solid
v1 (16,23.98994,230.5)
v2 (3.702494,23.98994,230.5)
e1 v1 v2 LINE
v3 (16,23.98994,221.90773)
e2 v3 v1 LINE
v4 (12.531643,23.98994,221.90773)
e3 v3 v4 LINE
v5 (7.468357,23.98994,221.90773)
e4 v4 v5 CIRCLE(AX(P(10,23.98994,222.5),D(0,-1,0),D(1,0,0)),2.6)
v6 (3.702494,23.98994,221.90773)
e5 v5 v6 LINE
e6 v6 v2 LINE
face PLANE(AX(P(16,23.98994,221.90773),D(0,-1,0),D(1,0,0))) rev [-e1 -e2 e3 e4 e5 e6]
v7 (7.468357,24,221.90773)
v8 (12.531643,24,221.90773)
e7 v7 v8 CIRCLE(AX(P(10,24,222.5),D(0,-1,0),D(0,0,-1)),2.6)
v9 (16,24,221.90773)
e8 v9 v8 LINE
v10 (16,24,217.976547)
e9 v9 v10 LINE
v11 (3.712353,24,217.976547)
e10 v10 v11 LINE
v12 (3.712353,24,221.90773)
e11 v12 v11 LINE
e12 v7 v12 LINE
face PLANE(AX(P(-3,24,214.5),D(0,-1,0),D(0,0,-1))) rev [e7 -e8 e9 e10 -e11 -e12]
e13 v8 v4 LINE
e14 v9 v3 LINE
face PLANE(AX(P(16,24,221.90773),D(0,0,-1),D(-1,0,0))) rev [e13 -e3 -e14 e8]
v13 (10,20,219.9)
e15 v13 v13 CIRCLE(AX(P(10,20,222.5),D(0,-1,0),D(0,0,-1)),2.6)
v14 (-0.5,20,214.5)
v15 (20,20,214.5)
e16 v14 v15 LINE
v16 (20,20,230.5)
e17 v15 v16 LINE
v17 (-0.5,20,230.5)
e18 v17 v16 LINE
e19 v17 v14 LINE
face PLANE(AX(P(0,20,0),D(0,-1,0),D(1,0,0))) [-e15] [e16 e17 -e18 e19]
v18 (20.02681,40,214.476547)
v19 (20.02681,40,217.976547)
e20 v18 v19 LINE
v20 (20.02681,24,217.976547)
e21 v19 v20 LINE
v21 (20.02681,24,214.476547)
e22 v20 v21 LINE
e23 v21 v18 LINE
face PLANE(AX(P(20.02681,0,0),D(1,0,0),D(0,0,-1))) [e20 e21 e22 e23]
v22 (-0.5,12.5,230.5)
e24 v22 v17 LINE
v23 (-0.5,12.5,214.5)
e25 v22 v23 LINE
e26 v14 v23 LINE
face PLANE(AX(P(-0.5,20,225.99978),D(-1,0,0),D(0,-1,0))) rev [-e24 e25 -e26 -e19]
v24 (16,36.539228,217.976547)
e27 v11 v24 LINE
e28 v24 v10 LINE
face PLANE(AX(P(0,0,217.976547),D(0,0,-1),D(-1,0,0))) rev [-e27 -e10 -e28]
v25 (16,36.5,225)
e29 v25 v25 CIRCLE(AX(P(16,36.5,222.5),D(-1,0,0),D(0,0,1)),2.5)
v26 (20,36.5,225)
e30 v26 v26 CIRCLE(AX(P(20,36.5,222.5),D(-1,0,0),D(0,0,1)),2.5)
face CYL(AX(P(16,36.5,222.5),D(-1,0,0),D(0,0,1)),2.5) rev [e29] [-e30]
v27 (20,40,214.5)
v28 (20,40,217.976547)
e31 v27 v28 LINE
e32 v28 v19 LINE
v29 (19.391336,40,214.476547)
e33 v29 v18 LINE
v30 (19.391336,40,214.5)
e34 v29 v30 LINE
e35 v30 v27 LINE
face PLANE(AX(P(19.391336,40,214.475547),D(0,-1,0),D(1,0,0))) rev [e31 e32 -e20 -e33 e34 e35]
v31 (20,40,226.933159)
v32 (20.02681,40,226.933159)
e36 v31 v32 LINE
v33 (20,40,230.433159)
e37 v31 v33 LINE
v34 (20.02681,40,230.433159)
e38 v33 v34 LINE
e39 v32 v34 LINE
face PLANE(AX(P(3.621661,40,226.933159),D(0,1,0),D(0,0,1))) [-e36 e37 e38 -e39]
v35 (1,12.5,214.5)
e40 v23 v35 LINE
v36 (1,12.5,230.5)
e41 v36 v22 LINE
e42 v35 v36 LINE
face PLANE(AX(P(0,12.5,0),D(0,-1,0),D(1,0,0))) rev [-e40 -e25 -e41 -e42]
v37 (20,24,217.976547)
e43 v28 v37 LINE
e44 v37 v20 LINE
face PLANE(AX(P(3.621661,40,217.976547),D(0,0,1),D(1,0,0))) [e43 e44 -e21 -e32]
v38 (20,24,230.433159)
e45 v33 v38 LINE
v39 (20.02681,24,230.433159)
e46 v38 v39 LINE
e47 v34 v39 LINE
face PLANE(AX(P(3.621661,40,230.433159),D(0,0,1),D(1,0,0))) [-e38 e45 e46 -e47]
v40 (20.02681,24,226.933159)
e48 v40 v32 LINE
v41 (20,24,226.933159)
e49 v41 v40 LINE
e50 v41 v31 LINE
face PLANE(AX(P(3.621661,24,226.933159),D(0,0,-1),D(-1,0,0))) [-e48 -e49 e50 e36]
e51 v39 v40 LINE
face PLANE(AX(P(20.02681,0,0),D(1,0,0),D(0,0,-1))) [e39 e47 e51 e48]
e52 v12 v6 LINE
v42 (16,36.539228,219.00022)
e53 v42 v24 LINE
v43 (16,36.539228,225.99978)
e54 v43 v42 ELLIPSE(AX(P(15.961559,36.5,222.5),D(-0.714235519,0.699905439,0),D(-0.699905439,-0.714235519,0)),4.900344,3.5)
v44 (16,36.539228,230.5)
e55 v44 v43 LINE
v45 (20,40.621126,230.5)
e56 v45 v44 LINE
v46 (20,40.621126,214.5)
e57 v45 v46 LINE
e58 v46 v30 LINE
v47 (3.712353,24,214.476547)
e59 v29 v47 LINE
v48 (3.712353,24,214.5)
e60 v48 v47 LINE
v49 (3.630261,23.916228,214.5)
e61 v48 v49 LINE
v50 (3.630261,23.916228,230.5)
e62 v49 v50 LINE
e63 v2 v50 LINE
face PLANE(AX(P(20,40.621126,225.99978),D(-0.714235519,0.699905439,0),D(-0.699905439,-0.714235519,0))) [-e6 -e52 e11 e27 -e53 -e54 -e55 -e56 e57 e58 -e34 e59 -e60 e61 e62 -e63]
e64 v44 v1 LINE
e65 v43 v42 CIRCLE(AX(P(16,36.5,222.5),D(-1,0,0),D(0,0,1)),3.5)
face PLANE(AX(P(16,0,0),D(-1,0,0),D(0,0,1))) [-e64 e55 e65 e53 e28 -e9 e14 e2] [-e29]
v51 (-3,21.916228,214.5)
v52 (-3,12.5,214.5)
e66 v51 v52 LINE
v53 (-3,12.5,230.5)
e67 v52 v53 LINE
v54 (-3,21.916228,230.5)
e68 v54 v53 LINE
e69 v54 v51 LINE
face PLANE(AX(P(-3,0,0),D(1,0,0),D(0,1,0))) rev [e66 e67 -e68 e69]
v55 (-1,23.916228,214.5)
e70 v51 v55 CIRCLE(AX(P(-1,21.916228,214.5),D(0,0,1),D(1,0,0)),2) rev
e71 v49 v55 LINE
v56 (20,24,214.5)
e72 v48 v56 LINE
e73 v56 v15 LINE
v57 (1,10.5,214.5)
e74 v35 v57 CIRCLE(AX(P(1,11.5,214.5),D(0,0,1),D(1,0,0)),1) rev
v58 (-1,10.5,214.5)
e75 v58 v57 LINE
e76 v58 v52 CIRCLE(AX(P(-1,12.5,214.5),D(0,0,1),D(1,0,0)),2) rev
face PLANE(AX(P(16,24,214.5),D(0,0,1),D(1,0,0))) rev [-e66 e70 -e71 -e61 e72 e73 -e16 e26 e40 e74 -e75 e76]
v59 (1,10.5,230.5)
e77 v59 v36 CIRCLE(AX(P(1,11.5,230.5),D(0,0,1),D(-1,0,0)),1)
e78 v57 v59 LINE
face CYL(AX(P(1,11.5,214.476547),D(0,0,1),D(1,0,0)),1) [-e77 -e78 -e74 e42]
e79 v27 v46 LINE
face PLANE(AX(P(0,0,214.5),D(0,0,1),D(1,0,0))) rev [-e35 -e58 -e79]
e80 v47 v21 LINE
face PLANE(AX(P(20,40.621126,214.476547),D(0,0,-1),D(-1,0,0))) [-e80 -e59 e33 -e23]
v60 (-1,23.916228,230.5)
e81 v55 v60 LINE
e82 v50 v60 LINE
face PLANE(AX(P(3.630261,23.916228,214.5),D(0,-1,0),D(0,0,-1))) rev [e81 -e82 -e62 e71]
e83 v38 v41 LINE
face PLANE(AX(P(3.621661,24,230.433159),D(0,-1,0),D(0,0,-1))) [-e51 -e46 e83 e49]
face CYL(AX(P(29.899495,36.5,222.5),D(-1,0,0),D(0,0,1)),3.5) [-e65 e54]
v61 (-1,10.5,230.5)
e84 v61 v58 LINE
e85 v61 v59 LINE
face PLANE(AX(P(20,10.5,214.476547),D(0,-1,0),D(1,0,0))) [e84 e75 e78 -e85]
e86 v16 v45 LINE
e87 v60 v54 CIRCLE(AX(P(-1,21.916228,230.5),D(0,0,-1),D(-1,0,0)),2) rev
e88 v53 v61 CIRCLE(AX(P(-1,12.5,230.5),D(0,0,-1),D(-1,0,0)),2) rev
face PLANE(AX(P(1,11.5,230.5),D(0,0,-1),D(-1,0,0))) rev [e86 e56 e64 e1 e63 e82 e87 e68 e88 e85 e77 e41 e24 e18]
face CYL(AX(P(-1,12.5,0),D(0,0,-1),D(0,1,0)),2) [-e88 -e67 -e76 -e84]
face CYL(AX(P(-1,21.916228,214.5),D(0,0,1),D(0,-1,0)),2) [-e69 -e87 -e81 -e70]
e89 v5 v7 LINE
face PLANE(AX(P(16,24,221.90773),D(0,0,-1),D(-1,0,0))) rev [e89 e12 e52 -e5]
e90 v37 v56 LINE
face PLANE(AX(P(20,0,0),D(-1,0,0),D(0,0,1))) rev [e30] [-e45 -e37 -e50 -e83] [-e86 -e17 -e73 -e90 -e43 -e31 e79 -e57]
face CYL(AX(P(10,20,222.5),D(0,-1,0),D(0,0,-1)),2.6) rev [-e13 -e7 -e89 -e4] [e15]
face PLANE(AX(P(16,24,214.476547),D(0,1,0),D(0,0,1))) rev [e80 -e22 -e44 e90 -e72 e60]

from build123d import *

# Parameters (mm, degrees)
SKETCH1_W                      = 30.121125575
SKETCH1_H                      = 11.523232915
BOSS_EXTRUDE1_DEPTH            = 4
SKETCH2_W                      = 0.023452759
SKETCH2_H                      = 13.5
CUT_EXTRUDE1_DEPTH             = 4
SKETCH3_W                      = 11.499780156
SKETCH3_H                      = 13.5
BOSS_EXTRUDE2_DEPTH            = 19
CUT_EXTRUDE2_DEPTH             = 47.721095233
DRAFT1_ANGLE                   = -45.58058215
SKETCH5_W                      = 11.499780156
SKETCH5_H                      = 0.083772182
CUT_EXTRUDE3_DEPTH             = 6.630261323
SKETCH6_W                      = 20.5
SKETCH6_H                      = 11.499780156
CUT_EXTRUDE4_DEPTH             = 7.5
BOSS_EXTRUDE3_START            = 4.500219844
BOSS_EXTRUDE3_DEPTH            = 4.500219844
SKETCH8_W                      = 8.592269897
SKETCH8_H                      = 0.01006031
CUT_EXTRUDE5_DEPTH             = 12.369738677
DRAFT2_ANGLE                   = 44.41941785
FILLET1_R                      = 2
CUT_EXTRUDE6_REACH             = 50.022
SKETCH10_W                     = 3.5
SKETCH10_H                     = 16
BOSS_EXTRUDE4_DEPTH            = 0.02681
SKETCH11_W                     = 3.5
SKETCH11_H                     = 16
BOSS_EXTRUDE5_DEPTH            = 0.02681
BOSS_EXTRUDE6_DEPTH            = 3.5
F_5_2_5_2_DIAMETER_HOLE1_D     = 5.2
F_5_2_5_2_DIAMETER_HOLE1_DEPTH = 20.621150575
F_5_0_5_DIAMETER_HOLE1_D       = 5
F_5_0_5_DIAMETER_HOLE1_DEPTH   = 4.026810169
BOSS_EXTRUDE7_START            = -4
SKETCH17_R                     = 3.5
SKETCH17_R_2                   = 2.5
BOSS_EXTRUDE7_DEPTH            = 4


with BuildPart() as part:
    # Sketch1 → Boss-Extrude1 (new body)
    with BuildSketch(Plane(origin=(16, 0, 0), x_dir=(0, -1, 0), z_dir=(-1, 0, 0))):
        with Locations((-25.560562788, 220.238163699)):
            Rectangle(SKETCH1_W, SKETCH1_H)
    extrude(amount=-BOSS_EXTRUDE1_DEPTH)

    # Sketch2 → Cut-Extrude1 (cut)
    with BuildSketch(Plane(origin=(20, 0, 0), x_dir=(0, 0, -1), z_dir=(1, 0, 0))):
        with Locations((-214.488273621, 17.25)):
            Rectangle(SKETCH2_W, SKETCH2_H)
    extrude(amount=-CUT_EXTRUDE1_DEPTH, mode=Mode.SUBTRACT)

    # Sketch3 → Boss-Extrude2 (add)
    with BuildSketch(Plane.ZY.offset(-16)):
        with Locations((220.249890078, 17.25)):
            Rectangle(SKETCH3_W, SKETCH3_H)
    extrude(amount=BOSS_EXTRUDE2_DEPTH)

    # Sketch4 → Cut-Extrude2 (cut, through all)
    with BuildSketch(Plane.XY.offset(225.999780156)):
        with BuildLine():
            Line((1, 10.5), (20, 10.5))
            Line((20, 10.5), (20, 12.5))
            Line((20, 12.5), (1, 12.5))
            ThreePointArc((1, 12.5), (2, 11.5), (1, 10.5))
        make_face()
    extrude(amount=-CUT_EXTRUDE2_DEPTH, mode=Mode.SUBTRACT)

    # Draft1
    draft1_faces = [part.faces().sort_by_distance(p)[0] for p in [
        (18, 40.621125575, 220.238163698),
    ]]
    draft(draft1_faces, Plane(origin=(20, 0, 0), x_dir=(0, 0, 1), z_dir=(1, 0, 0)), DRAFT1_ANGLE)

    # Sketch5 → Cut-Extrude3 (cut)
    with BuildSketch(Plane.ZY.offset(3)):
        with Locations((220.249890078, 23.958113909)):
            Rectangle(SKETCH5_W, SKETCH5_H)
    extrude(amount=-CUT_EXTRUDE3_DEPTH, mode=Mode.SUBTRACT)

    # Sketch6 → Cut-Extrude4 (cut)
    with BuildSketch(Plane.XZ.offset(-12.5)):
        with Locations((9.75, 220.249890078)):
            Rectangle(SKETCH6_W, SKETCH6_H)
    extrude(amount=-CUT_EXTRUDE4_DEPTH, mode=Mode.SUBTRACT)

    # Sketch7 → Boss-Extrude3 (add)
    with BuildSketch(Plane.XY.offset(225.999780156).offset(BOSS_EXTRUDE3_START)):
        with BuildLine():
            Line((-3, 10.5), (-3, 23.916227818))
            Line((-3, 23.916227818), (3.630261323, 23.916227818))
            Line((3.630261323, 23.916227818), (3.630261323, 24))
            Line((3.630261323, 24), (16, 24))
            Line((16, 24), (16, 36.539228341))
            Line((16, 36.539228341), (20, 40.621125575))
            Line((20, 40.621125575), (20, 20))
            Line((20, 20), (-0.5, 20))
            Line((-0.5, 20), (-0.5, 12.5))
            Line((-0.5, 12.5), (1, 12.5))
            ThreePointArc((1, 12.5), (2, 11.5), (1, 10.5))
            Line((1, 10.5), (-3, 10.5))
        make_face()
    extrude(amount=-BOSS_EXTRUDE3_DEPTH)

    # Sketch8 → Cut-Extrude5 (cut)
    with BuildSketch(Plane.ZY.offset(-3.630261323)):
        with Locations((226.203865052, 23.994969845)):
            Rectangle(SKETCH8_W, SKETCH8_H)
    extrude(amount=-CUT_EXTRUDE5_DEPTH, mode=Mode.SUBTRACT)

    # Draft2
    draft2_faces = [part.faces().sort_by_distance(p)[0] for p in [
        (3.630261323, 23.955573176, 222.244667153),
    ]]
    draft(draft2_faces, Plane(origin=(3.630261323, 23.916227818, 214.5), x_dir=(0, 0, 1), z_dir=(0, 1, 0)), DRAFT2_ANGLE)

    # Fillet1
    fillet1_edges = [part.edges().sort_by_distance(p)[0] for p in [
        (-3, 10.5, 222.5),
        (-3, 23.916227818, 222.5),
    ]]
    fillet(fillet1_edges, radius=FILLET1_R)

    # Sketch9 → Cut-Extrude6 (cut, up to next)
    with BuildSketch(Plane.XY.offset(214.5), mode=Mode.PRIVATE) as cut_extrude6_sk1:
        Polygon((20, 40), (20, 40.621125575), (19.391336391, 40), align=None)
    cut_extrude6_tool1 = extrude(cut_extrude6_sk1.sketch, amount=-CUT_EXTRUDE6_REACH, mode=Mode.PRIVATE) & part.part
    add(cut_extrude6_tool1.solids().sort_by_distance((19.797112, 40.207042, 214.5))[0], mode=Mode.SUBTRACT)

    # Sketch10 → Boss-Extrude4 (add)
    with BuildSketch(Plane(origin=(20.026810169, 0, 0), x_dir=(0, 0, -1), z_dir=(1, 0, 0))):
        with Locations((-216.226547241, 32)):
            Rectangle(SKETCH10_W, SKETCH10_H)
    extrude(amount=-BOSS_EXTRUDE4_DEPTH)

    # Sketch11 → Boss-Extrude5 (add)
    with BuildSketch(Plane(origin=(20.026810169, 0, 0), x_dir=(0, 0, -1), z_dir=(1, 0, 0))):
        with Locations((-228.683158875, 32)):
            Rectangle(SKETCH11_W, SKETCH11_H)
    extrude(amount=-BOSS_EXTRUDE5_DEPTH)

    # Sketch12 → Boss-Extrude6 (add)
    with BuildSketch(Plane(origin=(0, 0, 214.476547241), x_dir=(-1, 0, 0), z_dir=(0, 0, -1))):
        Polygon((-16, 24), (-3.71235274, 24), (-16, 36.539228341), align=None)
    extrude(amount=-BOSS_EXTRUDE6_DEPTH)

    # Ø5.2 (5.2) Diameter Hole1
    with Locations(Plane(origin=(0, 20, 0), x_dir=(-1, 0, 0), z_dir=(0, -1, 0))):
        with Locations((-10, -222.5)):
            Hole(F_5_2_5_2_DIAMETER_HOLE1_D / 2, depth=F_5_2_5_2_DIAMETER_HOLE1_DEPTH)

    # Ø5.0 (5) Diameter Hole1
    with Locations(Plane.ZY.offset(-16)):
        with Locations((222.5, 36.5)):
            Hole(F_5_0_5_DIAMETER_HOLE1_D / 2, depth=F_5_0_5_DIAMETER_HOLE1_DEPTH)

    # Sketch17 → Boss-Extrude7 (add)
    with BuildSketch(Plane.ZY.offset(-16).offset(BOSS_EXTRUDE7_START)):
        with Locations((222.5, 36.5)):
            Circle(SKETCH17_R)
        with Locations((222.5, 36.5)):
            Circle(SKETCH17_R_2, mode=Mode.SUBTRACT)
    extrude(amount=BOSS_EXTRUDE7_DEPTH)


solid = part.part
